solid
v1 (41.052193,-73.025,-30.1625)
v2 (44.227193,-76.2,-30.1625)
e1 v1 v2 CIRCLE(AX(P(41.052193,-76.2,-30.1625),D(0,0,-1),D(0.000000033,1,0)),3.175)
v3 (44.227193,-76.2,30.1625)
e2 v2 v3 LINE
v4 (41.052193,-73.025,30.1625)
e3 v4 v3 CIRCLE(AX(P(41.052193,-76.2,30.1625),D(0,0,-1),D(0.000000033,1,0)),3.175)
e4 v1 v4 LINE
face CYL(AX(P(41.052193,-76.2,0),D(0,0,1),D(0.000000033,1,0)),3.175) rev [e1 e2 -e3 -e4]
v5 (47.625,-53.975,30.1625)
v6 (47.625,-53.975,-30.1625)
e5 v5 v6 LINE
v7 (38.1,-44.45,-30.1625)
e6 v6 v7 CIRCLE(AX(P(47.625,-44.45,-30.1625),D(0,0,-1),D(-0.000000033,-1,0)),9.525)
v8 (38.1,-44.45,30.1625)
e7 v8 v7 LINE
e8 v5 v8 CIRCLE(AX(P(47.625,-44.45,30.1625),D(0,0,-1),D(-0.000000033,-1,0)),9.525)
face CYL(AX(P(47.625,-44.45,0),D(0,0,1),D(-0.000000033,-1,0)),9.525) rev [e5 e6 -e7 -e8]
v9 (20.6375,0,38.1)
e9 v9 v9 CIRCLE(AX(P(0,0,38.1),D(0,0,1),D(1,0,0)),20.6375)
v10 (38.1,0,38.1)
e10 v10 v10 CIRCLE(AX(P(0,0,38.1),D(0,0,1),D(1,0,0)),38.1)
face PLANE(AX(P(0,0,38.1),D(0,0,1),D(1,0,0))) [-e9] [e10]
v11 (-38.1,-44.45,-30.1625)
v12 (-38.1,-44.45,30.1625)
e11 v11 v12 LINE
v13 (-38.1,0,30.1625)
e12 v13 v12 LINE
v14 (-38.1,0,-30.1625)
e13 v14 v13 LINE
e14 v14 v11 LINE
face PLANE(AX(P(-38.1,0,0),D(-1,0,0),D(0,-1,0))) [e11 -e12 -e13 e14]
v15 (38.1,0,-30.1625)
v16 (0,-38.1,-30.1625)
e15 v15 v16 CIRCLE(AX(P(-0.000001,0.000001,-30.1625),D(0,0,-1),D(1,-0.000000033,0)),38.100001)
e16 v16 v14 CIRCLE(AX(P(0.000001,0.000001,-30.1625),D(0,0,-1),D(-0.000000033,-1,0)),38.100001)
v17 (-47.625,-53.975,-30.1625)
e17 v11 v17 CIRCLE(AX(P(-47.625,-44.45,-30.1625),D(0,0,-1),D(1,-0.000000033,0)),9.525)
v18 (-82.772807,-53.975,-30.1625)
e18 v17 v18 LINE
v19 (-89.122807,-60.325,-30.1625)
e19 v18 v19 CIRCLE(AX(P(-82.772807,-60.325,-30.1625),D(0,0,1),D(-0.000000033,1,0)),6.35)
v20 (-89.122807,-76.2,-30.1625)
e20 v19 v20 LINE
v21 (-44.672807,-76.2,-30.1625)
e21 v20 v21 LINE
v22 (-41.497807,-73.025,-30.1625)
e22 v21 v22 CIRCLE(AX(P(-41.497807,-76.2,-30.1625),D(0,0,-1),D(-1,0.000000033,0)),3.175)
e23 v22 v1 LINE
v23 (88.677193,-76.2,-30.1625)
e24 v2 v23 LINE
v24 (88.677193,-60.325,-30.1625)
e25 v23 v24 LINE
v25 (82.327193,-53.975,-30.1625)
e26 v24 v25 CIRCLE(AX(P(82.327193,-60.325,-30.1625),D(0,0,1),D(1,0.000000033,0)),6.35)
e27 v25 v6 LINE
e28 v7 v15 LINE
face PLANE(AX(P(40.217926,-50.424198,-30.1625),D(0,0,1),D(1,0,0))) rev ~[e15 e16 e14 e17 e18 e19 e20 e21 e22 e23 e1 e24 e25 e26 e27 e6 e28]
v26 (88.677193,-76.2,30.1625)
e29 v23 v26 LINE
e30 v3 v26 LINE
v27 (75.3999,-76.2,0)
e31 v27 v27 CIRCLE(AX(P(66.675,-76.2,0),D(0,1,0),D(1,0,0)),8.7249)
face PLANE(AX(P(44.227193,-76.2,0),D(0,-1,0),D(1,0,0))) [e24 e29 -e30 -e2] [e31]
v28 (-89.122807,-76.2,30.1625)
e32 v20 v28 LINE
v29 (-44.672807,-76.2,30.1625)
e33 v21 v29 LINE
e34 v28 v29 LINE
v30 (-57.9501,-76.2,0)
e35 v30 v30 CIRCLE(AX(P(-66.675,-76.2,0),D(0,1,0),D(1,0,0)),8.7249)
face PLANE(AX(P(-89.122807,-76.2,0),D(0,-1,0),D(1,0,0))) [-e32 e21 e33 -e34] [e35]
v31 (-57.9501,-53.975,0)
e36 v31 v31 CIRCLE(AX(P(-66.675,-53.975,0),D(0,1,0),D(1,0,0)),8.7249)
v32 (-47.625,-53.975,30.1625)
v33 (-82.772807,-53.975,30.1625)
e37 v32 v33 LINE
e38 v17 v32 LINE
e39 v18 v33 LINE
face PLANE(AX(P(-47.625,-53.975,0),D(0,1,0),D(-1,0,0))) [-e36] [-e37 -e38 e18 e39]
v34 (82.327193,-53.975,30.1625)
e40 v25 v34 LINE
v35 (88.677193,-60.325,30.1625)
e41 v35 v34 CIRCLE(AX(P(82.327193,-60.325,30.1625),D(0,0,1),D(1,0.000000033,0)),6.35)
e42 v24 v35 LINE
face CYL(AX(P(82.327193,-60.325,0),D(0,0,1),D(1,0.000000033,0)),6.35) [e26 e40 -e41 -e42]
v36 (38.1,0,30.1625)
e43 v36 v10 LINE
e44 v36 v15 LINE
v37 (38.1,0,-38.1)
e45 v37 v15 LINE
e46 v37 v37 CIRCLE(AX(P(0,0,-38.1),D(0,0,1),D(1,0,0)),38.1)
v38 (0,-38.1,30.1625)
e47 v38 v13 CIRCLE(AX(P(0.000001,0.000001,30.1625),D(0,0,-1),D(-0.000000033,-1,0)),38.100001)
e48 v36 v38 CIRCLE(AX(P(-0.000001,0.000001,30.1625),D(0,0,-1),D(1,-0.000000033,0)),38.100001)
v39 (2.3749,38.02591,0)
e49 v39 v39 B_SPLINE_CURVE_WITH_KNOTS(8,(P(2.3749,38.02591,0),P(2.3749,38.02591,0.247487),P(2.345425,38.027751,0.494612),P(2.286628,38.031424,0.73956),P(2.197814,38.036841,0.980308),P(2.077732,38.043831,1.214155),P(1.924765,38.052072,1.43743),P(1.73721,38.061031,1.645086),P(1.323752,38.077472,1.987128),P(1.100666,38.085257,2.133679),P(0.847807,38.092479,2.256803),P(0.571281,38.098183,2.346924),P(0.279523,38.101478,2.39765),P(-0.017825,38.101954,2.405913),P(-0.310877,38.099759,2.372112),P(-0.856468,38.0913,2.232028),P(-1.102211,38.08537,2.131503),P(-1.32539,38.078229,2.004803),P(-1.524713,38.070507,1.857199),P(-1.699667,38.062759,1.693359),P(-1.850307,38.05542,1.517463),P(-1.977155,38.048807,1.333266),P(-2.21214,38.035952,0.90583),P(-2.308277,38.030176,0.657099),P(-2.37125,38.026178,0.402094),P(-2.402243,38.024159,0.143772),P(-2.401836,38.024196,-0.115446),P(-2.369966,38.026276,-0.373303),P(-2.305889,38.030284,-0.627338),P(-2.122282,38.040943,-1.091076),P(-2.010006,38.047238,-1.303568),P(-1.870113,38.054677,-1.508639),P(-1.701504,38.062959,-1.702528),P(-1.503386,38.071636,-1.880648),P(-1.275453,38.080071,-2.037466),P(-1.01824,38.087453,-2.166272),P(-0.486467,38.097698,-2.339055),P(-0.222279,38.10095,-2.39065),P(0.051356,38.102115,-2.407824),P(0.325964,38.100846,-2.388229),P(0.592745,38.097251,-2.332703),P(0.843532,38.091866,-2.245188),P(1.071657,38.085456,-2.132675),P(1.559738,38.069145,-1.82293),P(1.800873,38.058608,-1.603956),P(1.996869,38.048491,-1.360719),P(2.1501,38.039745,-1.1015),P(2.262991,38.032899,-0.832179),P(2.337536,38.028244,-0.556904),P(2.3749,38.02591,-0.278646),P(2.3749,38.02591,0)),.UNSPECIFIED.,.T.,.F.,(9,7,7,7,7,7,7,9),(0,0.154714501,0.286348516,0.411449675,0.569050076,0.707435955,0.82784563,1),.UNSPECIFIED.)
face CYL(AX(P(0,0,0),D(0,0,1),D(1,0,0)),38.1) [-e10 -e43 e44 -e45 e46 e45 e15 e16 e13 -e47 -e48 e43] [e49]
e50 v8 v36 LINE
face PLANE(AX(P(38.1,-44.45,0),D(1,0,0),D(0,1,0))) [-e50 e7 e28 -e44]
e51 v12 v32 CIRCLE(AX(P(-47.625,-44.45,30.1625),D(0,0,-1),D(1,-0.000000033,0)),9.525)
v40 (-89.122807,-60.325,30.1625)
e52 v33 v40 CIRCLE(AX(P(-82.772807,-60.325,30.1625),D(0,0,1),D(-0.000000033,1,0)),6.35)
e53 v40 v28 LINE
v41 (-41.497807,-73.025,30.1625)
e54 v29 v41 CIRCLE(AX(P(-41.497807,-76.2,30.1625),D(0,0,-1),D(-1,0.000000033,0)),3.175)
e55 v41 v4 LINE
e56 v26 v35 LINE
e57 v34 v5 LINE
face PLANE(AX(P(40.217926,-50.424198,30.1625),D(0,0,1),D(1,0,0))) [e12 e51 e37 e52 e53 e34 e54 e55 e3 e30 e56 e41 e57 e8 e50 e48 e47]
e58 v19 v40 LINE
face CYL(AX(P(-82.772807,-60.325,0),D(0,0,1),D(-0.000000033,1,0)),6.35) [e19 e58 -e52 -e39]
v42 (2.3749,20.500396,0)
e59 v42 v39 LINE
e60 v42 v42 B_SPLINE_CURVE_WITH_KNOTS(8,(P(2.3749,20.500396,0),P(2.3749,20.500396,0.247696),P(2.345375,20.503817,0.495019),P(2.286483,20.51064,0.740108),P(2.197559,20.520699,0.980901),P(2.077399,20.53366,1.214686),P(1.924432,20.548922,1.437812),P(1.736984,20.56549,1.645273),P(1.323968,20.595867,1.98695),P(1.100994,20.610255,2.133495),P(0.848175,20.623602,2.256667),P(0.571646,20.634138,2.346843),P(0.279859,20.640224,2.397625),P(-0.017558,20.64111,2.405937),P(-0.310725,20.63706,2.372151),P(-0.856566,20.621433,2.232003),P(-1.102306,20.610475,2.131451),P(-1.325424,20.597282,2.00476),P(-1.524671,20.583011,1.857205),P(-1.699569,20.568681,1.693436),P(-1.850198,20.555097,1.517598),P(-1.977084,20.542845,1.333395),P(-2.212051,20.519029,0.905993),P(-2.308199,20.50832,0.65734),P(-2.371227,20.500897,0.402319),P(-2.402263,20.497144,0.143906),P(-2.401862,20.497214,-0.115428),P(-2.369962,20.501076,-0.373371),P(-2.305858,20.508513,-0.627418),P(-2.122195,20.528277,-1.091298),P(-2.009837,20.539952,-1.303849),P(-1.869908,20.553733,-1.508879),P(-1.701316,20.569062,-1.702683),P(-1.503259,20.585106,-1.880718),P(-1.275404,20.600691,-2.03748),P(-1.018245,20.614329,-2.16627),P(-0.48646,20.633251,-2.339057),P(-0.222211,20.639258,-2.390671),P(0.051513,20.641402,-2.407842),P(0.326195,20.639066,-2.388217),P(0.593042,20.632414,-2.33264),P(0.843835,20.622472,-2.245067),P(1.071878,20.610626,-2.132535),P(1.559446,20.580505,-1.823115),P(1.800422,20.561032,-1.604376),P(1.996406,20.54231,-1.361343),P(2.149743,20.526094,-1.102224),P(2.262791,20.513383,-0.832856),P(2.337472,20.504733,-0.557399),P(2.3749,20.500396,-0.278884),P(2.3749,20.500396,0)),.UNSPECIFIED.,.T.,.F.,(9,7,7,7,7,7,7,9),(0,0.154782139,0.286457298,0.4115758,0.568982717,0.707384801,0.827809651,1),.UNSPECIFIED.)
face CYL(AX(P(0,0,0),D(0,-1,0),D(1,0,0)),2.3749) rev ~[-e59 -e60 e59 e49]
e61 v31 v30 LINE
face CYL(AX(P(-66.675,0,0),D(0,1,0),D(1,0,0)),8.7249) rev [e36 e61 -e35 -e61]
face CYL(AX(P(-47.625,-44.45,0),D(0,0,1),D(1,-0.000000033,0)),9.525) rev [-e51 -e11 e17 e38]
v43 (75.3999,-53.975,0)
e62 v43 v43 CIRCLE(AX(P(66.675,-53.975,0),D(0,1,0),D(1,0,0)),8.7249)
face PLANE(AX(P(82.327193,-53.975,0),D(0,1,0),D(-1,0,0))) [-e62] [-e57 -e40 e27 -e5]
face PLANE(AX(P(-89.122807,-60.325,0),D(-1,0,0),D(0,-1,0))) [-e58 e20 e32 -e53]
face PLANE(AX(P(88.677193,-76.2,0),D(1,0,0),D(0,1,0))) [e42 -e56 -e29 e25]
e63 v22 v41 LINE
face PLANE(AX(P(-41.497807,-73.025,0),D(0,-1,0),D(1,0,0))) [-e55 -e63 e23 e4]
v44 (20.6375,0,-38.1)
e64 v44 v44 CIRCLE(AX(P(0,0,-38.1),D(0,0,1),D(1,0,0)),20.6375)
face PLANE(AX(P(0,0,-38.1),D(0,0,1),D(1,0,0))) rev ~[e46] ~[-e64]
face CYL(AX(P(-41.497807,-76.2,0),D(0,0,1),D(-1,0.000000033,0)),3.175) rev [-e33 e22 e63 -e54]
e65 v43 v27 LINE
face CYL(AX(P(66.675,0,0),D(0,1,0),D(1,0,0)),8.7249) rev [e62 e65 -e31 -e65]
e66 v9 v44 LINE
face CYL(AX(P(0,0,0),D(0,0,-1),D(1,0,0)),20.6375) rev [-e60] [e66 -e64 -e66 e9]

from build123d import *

# Parameters (mm, degrees)
F1_R     = 38.1
F1_R_2   = 26.9875
F1_R_3   = 20.6375
F2_DEPTH = 38.1
F3_DEPTH = 30.1625
F4_R     = 8.7249
F5_DEPTH = 254
F6_R     = 2.3749
F7_DEPTH = 50.8


with BuildPart() as f2:
    # F1 (on Top) → F2 (new body, symmetric)
    with BuildSketch(Plane.XY):
        Circle(F1_R)
        Circle(F1_R_2, mode=Mode.SUBTRACT)
        Circle(F1_R_2)
        Circle(F1_R_3, mode=Mode.SUBTRACT)
    extrude(amount=F2_DEPTH, both=True)

    # F0 (on Top) → F3 (join, symmetric)
    with BuildSketch(Plane.XY):
        with BuildLine():
            ThreePointArc((38.1, 0), (26.940768, -26.940768), (0, -38.1))
            Line((0, -38.1), (0, -73.025))
            Line((0, -73.025), (41.052193, -73.025))
            ThreePointArc((41.052193, -73.025), (43.297257, -73.954936), (44.227193, -76.2))
            Line((44.227193, -76.2), (88.677193, -76.2))
            Line((88.677193, -76.2), (88.677193, -60.325))
            ThreePointArc((88.677193, -60.325), (86.817321, -55.834872), (82.327193, -53.975))
            Line((82.327193, -53.975), (47.625, -53.975))
            ThreePointArc((47.625, -53.975), (40.889808, -51.185192), (38.1, -44.45))
            Line((38.1, -44.45), (38.1, 0))
        make_face()
        with BuildLine():
            Line((0, -73.025), (0, -38.1))
            ThreePointArc((0, -38.1), (-26.940768, -26.940768), (-38.1, 0))
            Line((-38.1, 0), (-38.1, -44.45))
            ThreePointArc((-38.1, -44.45), (-40.889808, -51.185192), (-47.625, -53.975))
            Line((-47.625, -53.975), (-82.772807, -53.975))
            ThreePointArc((-82.772807, -53.975), (-87.262935, -55.834872), (-89.122807, -60.325))
            Line((-89.122807, -60.325), (-89.122807, -76.2))
            Line((-89.122807, -76.2), (-44.672807, -76.2))
            ThreePointArc((-44.672807, -76.2), (-43.742871, -73.954936), (-41.497807, -73.025))
            Line((-41.497807, -73.025), (0, -73.025))
        make_face()
    extrude(amount=F3_DEPTH, both=True)

    # F4 (on Front) → F5 (cut)
    with BuildSketch(Plane.XZ):
        with Locations((-66.675, 0)):
            Circle(F4_R)
        with Locations((66.675, 0)):
            Circle(F4_R)
    extrude(amount=F5_DEPTH, mode=Mode.SUBTRACT)

    # F6 (on Front) → F7 (cut)
    with BuildSketch(Plane.XZ):
        Circle(F6_R)
    extrude(amount=-F7_DEPTH, mode=Mode.SUBTRACT)


solid = f2.part
